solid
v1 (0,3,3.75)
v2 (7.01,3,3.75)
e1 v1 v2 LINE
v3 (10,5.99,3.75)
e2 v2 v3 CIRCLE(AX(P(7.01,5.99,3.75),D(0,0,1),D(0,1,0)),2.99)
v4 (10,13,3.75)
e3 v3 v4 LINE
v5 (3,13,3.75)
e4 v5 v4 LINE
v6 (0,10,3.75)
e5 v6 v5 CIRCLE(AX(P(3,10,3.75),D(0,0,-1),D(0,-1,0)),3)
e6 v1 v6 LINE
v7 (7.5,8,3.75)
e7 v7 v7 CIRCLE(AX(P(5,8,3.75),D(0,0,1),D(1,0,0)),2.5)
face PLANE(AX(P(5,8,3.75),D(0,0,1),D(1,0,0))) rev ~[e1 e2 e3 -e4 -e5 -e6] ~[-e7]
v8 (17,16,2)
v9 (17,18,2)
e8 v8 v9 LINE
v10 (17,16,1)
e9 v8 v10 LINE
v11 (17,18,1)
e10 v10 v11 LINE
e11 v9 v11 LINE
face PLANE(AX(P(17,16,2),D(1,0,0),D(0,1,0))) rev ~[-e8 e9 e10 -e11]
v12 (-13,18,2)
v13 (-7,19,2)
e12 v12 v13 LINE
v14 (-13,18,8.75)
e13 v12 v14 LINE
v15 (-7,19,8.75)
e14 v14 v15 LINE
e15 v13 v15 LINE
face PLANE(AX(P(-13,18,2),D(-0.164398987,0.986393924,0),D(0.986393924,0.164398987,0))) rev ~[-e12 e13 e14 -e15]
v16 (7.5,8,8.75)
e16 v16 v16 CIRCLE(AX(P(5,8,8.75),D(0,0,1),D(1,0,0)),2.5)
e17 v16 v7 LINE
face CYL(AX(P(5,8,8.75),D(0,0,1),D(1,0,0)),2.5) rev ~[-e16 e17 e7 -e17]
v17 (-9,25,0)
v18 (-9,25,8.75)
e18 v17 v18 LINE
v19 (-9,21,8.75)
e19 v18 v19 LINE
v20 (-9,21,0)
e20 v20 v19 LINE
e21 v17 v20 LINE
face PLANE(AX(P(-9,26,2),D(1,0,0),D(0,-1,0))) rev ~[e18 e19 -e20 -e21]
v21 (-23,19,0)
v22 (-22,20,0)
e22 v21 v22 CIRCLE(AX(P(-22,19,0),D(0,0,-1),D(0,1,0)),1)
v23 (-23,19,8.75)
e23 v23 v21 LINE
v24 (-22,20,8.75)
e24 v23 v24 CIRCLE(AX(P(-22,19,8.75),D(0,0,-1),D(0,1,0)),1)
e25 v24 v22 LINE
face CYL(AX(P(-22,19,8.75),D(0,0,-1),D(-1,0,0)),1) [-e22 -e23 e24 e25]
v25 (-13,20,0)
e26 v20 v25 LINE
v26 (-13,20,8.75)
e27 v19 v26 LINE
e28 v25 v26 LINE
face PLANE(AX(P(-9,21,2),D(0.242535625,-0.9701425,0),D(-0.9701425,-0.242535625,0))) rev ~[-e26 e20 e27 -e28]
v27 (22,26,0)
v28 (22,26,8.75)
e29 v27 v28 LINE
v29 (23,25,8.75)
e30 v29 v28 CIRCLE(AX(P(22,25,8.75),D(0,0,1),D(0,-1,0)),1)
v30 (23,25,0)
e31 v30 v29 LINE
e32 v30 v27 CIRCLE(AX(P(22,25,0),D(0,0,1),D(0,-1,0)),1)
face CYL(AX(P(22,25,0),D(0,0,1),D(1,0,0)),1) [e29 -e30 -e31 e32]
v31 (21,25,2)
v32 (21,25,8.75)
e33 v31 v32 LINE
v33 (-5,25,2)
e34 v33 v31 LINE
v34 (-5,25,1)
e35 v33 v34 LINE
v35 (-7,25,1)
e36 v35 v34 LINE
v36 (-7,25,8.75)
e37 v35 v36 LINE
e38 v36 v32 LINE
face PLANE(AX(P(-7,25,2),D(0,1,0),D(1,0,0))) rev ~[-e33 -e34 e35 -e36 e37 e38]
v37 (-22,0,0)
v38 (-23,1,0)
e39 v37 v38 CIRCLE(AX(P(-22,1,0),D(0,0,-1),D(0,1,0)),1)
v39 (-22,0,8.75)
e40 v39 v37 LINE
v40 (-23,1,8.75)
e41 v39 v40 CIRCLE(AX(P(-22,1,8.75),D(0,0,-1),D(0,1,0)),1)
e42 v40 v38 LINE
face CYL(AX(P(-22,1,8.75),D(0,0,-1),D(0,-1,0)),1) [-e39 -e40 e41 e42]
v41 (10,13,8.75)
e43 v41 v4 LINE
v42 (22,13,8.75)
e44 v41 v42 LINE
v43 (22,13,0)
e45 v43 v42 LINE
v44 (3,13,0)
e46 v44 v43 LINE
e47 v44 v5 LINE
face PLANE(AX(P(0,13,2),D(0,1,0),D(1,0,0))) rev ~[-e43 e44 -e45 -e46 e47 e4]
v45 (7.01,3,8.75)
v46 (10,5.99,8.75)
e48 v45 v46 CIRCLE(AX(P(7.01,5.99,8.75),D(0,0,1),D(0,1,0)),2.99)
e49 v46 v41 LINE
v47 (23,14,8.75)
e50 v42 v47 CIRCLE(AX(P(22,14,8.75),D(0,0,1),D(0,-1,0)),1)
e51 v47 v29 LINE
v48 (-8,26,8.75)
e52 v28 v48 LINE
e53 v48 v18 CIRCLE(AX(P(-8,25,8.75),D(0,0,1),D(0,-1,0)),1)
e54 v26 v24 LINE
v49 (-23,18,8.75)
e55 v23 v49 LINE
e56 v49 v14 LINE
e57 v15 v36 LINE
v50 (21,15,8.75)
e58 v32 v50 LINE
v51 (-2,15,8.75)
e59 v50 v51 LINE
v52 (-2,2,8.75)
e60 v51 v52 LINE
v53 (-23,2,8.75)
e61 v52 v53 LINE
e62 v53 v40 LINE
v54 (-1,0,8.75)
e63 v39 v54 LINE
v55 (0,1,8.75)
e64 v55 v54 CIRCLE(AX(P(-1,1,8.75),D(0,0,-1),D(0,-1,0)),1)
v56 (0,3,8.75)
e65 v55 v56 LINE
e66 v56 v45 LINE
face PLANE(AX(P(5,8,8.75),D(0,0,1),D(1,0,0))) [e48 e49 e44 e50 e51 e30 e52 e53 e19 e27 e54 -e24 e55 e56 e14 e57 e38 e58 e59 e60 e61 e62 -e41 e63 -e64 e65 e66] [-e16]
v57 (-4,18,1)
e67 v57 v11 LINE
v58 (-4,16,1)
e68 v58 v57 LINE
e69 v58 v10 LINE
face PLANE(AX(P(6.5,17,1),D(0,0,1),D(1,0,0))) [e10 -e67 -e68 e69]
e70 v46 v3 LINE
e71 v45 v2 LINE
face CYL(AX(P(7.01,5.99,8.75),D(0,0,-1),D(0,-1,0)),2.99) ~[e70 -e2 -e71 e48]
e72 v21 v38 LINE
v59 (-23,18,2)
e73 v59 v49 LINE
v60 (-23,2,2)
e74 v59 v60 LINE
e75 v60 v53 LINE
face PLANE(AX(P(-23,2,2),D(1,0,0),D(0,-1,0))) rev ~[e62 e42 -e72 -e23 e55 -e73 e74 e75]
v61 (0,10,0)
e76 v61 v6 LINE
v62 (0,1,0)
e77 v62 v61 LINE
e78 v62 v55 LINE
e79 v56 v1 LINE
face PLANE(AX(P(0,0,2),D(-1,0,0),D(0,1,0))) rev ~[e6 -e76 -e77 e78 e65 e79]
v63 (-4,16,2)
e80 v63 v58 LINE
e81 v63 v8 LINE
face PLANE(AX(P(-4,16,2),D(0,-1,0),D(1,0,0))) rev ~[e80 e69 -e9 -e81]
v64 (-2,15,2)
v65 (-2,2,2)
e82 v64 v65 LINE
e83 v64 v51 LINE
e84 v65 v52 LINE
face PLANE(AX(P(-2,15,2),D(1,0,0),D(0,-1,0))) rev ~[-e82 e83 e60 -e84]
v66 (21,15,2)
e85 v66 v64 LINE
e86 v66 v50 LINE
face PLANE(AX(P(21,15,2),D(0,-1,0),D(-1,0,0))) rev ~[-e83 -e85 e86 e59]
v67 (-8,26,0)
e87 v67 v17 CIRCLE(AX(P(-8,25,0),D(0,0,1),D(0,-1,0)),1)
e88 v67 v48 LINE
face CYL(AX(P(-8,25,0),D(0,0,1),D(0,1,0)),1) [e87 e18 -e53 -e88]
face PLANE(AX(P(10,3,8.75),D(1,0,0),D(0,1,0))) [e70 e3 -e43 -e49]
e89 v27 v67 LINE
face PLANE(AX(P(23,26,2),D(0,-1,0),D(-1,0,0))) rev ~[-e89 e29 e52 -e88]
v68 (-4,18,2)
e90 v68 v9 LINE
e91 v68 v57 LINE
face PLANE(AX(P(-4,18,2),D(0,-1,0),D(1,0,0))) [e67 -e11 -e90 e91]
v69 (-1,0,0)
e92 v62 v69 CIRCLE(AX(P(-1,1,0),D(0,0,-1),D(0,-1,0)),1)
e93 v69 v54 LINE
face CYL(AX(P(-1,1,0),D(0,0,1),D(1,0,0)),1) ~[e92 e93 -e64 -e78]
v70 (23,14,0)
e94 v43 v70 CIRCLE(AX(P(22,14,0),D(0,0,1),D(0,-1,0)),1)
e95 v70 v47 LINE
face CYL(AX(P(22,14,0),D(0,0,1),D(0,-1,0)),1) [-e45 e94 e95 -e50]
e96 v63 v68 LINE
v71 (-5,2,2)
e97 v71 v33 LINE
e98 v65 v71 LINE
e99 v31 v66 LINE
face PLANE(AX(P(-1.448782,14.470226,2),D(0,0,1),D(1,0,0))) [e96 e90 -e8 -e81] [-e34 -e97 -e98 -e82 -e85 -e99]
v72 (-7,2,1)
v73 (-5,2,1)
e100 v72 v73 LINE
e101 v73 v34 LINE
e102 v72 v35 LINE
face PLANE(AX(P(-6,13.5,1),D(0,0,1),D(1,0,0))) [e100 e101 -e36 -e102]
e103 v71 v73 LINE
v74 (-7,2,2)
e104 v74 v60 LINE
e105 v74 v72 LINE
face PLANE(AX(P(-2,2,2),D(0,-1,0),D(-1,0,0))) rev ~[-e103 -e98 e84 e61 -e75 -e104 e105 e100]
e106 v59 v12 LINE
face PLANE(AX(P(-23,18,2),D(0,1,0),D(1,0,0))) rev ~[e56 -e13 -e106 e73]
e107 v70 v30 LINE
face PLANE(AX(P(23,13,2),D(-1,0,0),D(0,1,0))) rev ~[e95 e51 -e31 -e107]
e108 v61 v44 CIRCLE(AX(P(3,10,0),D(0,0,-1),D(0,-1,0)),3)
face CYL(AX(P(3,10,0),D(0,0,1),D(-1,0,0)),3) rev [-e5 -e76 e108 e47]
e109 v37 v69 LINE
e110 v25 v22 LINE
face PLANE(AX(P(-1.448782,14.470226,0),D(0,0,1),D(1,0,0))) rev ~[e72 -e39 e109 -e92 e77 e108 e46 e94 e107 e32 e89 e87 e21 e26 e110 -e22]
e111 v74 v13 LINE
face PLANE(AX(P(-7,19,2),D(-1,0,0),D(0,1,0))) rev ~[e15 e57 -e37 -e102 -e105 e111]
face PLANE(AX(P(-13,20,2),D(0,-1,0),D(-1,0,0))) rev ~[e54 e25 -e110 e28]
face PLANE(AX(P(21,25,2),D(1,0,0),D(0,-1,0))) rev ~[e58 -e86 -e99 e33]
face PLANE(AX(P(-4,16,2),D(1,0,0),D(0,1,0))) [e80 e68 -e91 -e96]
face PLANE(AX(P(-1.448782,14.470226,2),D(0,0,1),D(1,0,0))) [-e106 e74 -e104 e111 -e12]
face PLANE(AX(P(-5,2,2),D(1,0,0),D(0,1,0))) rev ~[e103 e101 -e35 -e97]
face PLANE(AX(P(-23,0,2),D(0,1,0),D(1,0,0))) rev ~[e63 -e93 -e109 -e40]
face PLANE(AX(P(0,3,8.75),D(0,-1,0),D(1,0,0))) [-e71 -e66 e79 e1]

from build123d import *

# Parameters (mm, degrees)
PAD098_DEPTH    = 2
PAD099_DEPTH    = 6.75
SKETCH137_W     = 2
SKETCH137_H     = 23
SKETCH137_W_2   = 21
SKETCH137_H_2   = 2
POCKET040_DEPTH = 1
SKETCH138_W     = 10
SKETCH138_H     = 10
PAD100_DEPTH    = 5
SKETCH139_R     = 2.5
POCKET041_DEPTH = 5
FILLET024_R     = 2.99
FILLET025_R     = 1
FILLET026_R     = 3


with BuildPart() as part:
    # Sketch135 → Pad098 (new body)
    with BuildSketch(Plane.XY):
        Polygon((-23, 18), (-23, 0), (0, 0), (0, 13), (23, 13), (23, 26), (-7, 26), (-9, 26), (-9, 21), (-13, 20), (-23, 20), align=None)
    extrude(amount=PAD098_DEPTH)

    # Sketch136 (on Face13 of Pad098) → Pad099 (join)
    with BuildSketch(Plane.XY.offset(2)):
        Polygon((-23, 0), (0, 0), (0, 13), (23, 13), (23, 26), (-9, 26), (-9, 21), (-13, 20), (-23, 20), (-23, 18), (-13, 18), (-7, 19), (-7, 25), (21, 25), (21, 15), (-2, 15), (-2, 2), (-23, 2), align=None)
    extrude(amount=PAD099_DEPTH)

    # Sketch137 (on Face7 of Pad099) → Pocket040 (cut)
    with BuildSketch(Plane.XY.offset(2)):
        with Locations((-6, 13.5)):
            Rectangle(SKETCH137_W, SKETCH137_H)
        with Locations((6.5, 17)):
            Rectangle(SKETCH137_W_2, SKETCH137_H_2)
    extrude(amount=-POCKET040_DEPTH, mode=Mode.SUBTRACT)

    # Sketch138 (on Face18 of Pocket040) → Pad100 (join)
    with BuildSketch(Plane.XY.offset(8.75)):
        with Locations((5, 8)):
            Rectangle(SKETCH138_W, SKETCH138_H)
    extrude(amount=-PAD100_DEPTH)

    # Sketch139 (on Face29 of Pad100) → Pocket041 (cut)
    with BuildSketch(Plane.XY.offset(8.75)):
        with Locations((5, 8)):
            Circle(SKETCH139_R)
    extrude(amount=-POCKET041_DEPTH, mode=Mode.SUBTRACT)

    # Fillet024
    fillet024_edges = [part.edges().sort_by_distance(p)[0] for p in [
        (10, 3, 6.25),
    ]]
    fillet(fillet024_edges, radius=FILLET024_R)

    # Fillet025
    fillet025_edges = [part.edges().sort_by_distance(p)[0] for p in [
        (23, 13, 1),
        (23, 13, 5.375),
        (0, 0, 5.375),
        (0, 0, 1),
        (-23, 0, 5.375),
        (-23, 0, 1),
        (23, 26, 1),
        (23, 26, 5.375),
        (-23, 20, 1),
        (-23, 20, 5.375),
        (-9, 26, 1),
        (-9, 26, 5.375),
    ]]
    fillet(fillet025_edges, radius=FILLET025_R)

    # Fillet026
    fillet026_edges = [part.edges().sort_by_distance(p)[0] for p in [
        (0, 13, 2.875),
        (0, 13, 1),
    ]]
    fillet(fillet026_edges, radius=FILLET026_R)


solid = part.part
